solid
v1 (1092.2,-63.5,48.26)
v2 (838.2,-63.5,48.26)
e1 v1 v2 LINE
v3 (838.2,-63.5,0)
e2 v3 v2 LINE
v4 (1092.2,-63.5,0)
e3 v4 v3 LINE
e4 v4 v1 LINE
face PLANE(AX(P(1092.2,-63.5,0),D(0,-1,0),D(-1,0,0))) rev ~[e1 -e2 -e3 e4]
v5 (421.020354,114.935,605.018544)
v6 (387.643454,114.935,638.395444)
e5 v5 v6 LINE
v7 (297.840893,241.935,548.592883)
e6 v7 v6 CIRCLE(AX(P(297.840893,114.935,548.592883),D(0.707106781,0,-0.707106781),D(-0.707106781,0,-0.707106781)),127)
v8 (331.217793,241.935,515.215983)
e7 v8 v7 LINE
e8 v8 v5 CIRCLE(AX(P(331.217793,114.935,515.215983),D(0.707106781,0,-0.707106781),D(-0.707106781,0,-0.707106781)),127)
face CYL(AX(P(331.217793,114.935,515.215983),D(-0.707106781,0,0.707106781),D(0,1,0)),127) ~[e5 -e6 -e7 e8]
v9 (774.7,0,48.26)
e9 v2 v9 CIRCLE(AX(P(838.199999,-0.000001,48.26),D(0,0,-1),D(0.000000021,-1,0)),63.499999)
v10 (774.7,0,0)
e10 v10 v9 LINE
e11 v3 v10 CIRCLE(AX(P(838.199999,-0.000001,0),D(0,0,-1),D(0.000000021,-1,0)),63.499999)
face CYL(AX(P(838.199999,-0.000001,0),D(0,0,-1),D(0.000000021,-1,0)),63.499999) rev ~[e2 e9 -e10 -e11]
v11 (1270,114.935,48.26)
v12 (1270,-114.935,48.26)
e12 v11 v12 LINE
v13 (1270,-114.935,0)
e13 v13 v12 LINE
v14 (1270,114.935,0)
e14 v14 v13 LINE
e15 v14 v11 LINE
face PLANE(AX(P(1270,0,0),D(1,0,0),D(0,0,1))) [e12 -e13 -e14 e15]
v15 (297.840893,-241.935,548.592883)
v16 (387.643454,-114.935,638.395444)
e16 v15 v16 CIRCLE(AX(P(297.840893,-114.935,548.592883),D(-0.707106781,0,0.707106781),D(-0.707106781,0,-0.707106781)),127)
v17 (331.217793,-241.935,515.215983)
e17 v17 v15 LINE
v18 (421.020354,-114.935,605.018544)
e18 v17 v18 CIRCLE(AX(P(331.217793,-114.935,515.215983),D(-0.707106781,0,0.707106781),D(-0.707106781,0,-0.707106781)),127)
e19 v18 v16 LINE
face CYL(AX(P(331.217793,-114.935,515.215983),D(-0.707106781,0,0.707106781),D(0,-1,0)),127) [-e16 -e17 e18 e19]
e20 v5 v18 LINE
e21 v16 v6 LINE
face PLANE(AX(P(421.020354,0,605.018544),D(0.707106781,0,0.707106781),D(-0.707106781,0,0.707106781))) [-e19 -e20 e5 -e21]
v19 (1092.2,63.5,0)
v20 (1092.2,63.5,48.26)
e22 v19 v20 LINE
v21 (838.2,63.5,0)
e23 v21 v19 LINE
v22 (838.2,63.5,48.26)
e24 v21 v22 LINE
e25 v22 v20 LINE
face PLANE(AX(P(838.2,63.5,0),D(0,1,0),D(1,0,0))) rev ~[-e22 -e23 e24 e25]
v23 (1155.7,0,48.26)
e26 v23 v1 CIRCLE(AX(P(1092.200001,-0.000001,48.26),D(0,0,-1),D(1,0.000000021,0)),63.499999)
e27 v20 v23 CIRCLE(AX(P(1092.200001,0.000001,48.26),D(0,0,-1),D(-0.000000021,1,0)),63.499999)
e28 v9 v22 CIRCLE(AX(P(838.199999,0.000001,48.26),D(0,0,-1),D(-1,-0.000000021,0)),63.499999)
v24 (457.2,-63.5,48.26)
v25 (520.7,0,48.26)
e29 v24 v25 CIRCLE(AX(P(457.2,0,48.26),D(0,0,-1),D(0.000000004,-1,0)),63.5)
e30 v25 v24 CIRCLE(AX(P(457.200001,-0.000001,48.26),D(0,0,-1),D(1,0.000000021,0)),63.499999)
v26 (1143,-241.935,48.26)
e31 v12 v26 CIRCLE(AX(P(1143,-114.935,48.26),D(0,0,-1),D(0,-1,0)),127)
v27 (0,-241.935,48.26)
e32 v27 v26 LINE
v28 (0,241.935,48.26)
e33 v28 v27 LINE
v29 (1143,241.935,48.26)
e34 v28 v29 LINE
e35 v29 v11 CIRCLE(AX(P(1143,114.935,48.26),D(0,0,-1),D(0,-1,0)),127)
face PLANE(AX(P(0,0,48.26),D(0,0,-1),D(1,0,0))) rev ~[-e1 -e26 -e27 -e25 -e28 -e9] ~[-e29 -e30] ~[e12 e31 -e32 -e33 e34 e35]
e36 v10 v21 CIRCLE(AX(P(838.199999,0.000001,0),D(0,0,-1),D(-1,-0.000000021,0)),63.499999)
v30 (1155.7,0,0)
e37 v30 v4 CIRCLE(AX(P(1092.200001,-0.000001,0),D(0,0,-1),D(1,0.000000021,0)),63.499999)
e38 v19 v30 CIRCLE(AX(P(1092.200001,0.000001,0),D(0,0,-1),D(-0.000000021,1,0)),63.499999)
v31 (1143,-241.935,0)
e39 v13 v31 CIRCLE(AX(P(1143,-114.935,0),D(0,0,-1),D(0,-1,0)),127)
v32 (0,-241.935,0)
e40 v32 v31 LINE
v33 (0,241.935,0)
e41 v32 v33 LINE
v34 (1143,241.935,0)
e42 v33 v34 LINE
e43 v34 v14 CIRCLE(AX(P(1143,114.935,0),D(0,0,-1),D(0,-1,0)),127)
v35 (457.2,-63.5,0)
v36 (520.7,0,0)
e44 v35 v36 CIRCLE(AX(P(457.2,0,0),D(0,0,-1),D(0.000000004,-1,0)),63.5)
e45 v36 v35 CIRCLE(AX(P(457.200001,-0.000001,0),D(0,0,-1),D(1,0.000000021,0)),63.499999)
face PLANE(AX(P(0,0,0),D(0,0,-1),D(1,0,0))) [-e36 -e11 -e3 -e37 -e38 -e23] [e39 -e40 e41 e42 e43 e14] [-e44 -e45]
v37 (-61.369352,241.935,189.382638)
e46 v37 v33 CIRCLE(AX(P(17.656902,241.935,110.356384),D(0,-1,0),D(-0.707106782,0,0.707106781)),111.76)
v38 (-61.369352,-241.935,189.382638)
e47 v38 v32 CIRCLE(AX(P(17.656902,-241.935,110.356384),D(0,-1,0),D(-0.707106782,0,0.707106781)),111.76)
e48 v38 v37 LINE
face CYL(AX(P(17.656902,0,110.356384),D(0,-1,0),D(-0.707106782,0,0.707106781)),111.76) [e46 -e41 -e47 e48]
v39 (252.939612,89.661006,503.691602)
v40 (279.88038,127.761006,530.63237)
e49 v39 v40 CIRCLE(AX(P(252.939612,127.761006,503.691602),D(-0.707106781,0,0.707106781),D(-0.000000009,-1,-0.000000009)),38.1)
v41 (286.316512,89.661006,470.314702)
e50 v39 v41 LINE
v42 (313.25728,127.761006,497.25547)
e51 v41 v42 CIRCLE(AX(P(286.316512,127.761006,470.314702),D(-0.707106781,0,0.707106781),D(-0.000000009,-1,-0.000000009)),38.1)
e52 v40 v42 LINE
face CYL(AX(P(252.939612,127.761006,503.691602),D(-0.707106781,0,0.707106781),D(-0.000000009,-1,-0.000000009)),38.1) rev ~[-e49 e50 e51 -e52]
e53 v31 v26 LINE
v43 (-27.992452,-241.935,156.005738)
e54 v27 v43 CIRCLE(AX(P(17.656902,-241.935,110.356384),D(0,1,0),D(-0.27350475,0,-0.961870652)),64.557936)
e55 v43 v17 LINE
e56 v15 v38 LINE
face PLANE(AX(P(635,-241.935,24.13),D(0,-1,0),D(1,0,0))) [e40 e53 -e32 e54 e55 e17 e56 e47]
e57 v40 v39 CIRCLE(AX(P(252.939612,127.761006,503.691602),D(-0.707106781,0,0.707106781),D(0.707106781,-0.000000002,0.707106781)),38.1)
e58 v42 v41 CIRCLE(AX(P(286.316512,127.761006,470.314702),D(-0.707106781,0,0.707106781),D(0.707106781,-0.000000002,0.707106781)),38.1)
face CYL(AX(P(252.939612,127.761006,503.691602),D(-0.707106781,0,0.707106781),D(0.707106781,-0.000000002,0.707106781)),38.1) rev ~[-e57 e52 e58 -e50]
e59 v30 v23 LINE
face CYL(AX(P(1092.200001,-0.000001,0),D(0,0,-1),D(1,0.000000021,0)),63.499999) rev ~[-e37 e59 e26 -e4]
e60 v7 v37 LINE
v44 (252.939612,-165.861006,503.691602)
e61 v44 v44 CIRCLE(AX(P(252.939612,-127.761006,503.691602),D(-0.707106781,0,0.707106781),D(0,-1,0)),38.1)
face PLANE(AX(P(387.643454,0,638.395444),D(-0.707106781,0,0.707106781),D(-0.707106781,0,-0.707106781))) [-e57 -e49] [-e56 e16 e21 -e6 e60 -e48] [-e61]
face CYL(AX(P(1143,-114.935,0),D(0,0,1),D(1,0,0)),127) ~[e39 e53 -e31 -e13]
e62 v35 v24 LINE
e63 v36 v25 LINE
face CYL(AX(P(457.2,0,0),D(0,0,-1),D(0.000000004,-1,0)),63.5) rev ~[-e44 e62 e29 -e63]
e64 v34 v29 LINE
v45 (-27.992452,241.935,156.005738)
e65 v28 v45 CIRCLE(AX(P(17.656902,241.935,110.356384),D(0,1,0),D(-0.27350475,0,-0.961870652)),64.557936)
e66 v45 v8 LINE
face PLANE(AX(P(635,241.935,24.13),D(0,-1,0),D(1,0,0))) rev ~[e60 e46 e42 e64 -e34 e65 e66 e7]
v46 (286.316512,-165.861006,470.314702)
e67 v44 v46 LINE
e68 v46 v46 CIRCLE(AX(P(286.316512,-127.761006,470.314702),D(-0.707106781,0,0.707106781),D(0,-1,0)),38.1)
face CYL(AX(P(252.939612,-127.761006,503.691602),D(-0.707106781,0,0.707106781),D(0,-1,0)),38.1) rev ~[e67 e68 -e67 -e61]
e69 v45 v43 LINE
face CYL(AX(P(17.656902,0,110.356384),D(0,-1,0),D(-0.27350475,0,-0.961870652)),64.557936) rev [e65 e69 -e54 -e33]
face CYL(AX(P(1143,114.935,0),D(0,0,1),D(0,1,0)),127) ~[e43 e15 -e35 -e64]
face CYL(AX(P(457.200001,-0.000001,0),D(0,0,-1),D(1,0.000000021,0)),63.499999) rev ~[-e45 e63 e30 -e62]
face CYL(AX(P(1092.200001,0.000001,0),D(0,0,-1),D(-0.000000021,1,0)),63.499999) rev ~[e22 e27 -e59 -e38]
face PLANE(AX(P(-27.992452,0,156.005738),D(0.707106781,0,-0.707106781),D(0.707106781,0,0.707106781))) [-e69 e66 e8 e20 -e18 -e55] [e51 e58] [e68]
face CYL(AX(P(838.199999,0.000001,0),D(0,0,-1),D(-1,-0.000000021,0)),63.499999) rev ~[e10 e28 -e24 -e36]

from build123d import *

# Parameters (mm, degrees)
F0_W     = 1270
F0_H     = 48.26
F1_DEPTH = 241.935
F3_DEPTH = 254
F5_DEPTH = 127
F6_R     = 38.1
F7_DEPTH = 101.6
F8_R     = 127


with BuildPart() as f1:
    # F0 (on Front) → F1 (new body, symmetric)
    with BuildSketch(Plane.XZ):
        with Locations((635, 24.13)):
            Rectangle(F0_W, F0_H)
        with BuildLine():
            ThreePointArc((-61.369352, 189.382638), (-88.660331, 75.904336), (0, 0))
            Line((0, 0), (0, 48.26))
            ThreePointArc((0, 48.26), (-44.826748, 94.123068), (-27.992452, 156.005738))
            Line((-27.992452, 156.005738), (421.020354, 605.018544))
            Line((421.020354, 605.018544), (387.643454, 638.395444))
            Line((387.643454, 638.395444), (-61.369352, 189.382638))
        make_face()
    extrude(amount=F1_DEPTH, both=True)

    # F2 (on face) → F3 (cut)
    with BuildSketch(Plane(origin=(0, 0, 0), x_dir=(1, 0, 0), z_dir=(0, 0, -1))):
        with BuildLine():
            ThreePointArc((1092.2, -63.5), (1137.101281, -44.901281), (1155.7, 0))
            ThreePointArc((1155.7, 0), (1137.101281, 44.901281), (1092.2, 63.5))
            Line((1092.2, 63.5), (838.2, 63.5))
            ThreePointArc((838.2, 63.5), (793.298719, 44.901281), (774.7, 0))
            ThreePointArc((774.7, 0), (793.298719, -44.901281), (838.2, -63.5))
            Line((838.2, -63.5), (1092.2, -63.5))
        make_face()
    extrude(amount=-F3_DEPTH, mode=Mode.SUBTRACT)

    # F4 (on face) → F5 (cut)
    with BuildSketch(Plane(origin=(0, 0, 0), x_dir=(1, 0, 0), z_dir=(0, 0, -1))):
        with BuildLine():
            ThreePointArc((520.7, 0), (502.101281, 44.901281), (457.2, 63.5))
            ThreePointArc((457.2, 63.5), (412.298719, -44.901281), (520.7, 0))
        make_face()
    extrude(amount=-F5_DEPTH, mode=Mode.SUBTRACT)

    # F6 (on face) → F7 (cut)
    with BuildSketch(Plane(origin=(-125.375995, 0, 125.375995), x_dir=(0, -1, 0), z_dir=(-0.707107, 0, 0.707107))):
        with BuildLine():
            ThreePointArc((-127.761006, 573.119062), (-154.701775, 508.078294), (-89.661006, 535.019062))
            ThreePointArc((-89.661006, 535.019062), (-100.820238, 561.959831), (-127.761006, 573.119062))
        make_face()
        with Locations((127.761006, 535.019062)):
            Circle(F6_R)
    extrude(amount=-F7_DEPTH, mode=Mode.SUBTRACT)

    # F8
    f8_edges = [f1.edges().sort_by_distance(p)[0] for p in [
        (404.331904, 241.935, 621.706994),
        (404.331904, -241.935, 621.706994),
        (1270, -241.935, 24.13),
        (1270, 241.935, 24.13),
    ]]
    fillet(f8_edges, radius=F8_R)


solid = f1.part
